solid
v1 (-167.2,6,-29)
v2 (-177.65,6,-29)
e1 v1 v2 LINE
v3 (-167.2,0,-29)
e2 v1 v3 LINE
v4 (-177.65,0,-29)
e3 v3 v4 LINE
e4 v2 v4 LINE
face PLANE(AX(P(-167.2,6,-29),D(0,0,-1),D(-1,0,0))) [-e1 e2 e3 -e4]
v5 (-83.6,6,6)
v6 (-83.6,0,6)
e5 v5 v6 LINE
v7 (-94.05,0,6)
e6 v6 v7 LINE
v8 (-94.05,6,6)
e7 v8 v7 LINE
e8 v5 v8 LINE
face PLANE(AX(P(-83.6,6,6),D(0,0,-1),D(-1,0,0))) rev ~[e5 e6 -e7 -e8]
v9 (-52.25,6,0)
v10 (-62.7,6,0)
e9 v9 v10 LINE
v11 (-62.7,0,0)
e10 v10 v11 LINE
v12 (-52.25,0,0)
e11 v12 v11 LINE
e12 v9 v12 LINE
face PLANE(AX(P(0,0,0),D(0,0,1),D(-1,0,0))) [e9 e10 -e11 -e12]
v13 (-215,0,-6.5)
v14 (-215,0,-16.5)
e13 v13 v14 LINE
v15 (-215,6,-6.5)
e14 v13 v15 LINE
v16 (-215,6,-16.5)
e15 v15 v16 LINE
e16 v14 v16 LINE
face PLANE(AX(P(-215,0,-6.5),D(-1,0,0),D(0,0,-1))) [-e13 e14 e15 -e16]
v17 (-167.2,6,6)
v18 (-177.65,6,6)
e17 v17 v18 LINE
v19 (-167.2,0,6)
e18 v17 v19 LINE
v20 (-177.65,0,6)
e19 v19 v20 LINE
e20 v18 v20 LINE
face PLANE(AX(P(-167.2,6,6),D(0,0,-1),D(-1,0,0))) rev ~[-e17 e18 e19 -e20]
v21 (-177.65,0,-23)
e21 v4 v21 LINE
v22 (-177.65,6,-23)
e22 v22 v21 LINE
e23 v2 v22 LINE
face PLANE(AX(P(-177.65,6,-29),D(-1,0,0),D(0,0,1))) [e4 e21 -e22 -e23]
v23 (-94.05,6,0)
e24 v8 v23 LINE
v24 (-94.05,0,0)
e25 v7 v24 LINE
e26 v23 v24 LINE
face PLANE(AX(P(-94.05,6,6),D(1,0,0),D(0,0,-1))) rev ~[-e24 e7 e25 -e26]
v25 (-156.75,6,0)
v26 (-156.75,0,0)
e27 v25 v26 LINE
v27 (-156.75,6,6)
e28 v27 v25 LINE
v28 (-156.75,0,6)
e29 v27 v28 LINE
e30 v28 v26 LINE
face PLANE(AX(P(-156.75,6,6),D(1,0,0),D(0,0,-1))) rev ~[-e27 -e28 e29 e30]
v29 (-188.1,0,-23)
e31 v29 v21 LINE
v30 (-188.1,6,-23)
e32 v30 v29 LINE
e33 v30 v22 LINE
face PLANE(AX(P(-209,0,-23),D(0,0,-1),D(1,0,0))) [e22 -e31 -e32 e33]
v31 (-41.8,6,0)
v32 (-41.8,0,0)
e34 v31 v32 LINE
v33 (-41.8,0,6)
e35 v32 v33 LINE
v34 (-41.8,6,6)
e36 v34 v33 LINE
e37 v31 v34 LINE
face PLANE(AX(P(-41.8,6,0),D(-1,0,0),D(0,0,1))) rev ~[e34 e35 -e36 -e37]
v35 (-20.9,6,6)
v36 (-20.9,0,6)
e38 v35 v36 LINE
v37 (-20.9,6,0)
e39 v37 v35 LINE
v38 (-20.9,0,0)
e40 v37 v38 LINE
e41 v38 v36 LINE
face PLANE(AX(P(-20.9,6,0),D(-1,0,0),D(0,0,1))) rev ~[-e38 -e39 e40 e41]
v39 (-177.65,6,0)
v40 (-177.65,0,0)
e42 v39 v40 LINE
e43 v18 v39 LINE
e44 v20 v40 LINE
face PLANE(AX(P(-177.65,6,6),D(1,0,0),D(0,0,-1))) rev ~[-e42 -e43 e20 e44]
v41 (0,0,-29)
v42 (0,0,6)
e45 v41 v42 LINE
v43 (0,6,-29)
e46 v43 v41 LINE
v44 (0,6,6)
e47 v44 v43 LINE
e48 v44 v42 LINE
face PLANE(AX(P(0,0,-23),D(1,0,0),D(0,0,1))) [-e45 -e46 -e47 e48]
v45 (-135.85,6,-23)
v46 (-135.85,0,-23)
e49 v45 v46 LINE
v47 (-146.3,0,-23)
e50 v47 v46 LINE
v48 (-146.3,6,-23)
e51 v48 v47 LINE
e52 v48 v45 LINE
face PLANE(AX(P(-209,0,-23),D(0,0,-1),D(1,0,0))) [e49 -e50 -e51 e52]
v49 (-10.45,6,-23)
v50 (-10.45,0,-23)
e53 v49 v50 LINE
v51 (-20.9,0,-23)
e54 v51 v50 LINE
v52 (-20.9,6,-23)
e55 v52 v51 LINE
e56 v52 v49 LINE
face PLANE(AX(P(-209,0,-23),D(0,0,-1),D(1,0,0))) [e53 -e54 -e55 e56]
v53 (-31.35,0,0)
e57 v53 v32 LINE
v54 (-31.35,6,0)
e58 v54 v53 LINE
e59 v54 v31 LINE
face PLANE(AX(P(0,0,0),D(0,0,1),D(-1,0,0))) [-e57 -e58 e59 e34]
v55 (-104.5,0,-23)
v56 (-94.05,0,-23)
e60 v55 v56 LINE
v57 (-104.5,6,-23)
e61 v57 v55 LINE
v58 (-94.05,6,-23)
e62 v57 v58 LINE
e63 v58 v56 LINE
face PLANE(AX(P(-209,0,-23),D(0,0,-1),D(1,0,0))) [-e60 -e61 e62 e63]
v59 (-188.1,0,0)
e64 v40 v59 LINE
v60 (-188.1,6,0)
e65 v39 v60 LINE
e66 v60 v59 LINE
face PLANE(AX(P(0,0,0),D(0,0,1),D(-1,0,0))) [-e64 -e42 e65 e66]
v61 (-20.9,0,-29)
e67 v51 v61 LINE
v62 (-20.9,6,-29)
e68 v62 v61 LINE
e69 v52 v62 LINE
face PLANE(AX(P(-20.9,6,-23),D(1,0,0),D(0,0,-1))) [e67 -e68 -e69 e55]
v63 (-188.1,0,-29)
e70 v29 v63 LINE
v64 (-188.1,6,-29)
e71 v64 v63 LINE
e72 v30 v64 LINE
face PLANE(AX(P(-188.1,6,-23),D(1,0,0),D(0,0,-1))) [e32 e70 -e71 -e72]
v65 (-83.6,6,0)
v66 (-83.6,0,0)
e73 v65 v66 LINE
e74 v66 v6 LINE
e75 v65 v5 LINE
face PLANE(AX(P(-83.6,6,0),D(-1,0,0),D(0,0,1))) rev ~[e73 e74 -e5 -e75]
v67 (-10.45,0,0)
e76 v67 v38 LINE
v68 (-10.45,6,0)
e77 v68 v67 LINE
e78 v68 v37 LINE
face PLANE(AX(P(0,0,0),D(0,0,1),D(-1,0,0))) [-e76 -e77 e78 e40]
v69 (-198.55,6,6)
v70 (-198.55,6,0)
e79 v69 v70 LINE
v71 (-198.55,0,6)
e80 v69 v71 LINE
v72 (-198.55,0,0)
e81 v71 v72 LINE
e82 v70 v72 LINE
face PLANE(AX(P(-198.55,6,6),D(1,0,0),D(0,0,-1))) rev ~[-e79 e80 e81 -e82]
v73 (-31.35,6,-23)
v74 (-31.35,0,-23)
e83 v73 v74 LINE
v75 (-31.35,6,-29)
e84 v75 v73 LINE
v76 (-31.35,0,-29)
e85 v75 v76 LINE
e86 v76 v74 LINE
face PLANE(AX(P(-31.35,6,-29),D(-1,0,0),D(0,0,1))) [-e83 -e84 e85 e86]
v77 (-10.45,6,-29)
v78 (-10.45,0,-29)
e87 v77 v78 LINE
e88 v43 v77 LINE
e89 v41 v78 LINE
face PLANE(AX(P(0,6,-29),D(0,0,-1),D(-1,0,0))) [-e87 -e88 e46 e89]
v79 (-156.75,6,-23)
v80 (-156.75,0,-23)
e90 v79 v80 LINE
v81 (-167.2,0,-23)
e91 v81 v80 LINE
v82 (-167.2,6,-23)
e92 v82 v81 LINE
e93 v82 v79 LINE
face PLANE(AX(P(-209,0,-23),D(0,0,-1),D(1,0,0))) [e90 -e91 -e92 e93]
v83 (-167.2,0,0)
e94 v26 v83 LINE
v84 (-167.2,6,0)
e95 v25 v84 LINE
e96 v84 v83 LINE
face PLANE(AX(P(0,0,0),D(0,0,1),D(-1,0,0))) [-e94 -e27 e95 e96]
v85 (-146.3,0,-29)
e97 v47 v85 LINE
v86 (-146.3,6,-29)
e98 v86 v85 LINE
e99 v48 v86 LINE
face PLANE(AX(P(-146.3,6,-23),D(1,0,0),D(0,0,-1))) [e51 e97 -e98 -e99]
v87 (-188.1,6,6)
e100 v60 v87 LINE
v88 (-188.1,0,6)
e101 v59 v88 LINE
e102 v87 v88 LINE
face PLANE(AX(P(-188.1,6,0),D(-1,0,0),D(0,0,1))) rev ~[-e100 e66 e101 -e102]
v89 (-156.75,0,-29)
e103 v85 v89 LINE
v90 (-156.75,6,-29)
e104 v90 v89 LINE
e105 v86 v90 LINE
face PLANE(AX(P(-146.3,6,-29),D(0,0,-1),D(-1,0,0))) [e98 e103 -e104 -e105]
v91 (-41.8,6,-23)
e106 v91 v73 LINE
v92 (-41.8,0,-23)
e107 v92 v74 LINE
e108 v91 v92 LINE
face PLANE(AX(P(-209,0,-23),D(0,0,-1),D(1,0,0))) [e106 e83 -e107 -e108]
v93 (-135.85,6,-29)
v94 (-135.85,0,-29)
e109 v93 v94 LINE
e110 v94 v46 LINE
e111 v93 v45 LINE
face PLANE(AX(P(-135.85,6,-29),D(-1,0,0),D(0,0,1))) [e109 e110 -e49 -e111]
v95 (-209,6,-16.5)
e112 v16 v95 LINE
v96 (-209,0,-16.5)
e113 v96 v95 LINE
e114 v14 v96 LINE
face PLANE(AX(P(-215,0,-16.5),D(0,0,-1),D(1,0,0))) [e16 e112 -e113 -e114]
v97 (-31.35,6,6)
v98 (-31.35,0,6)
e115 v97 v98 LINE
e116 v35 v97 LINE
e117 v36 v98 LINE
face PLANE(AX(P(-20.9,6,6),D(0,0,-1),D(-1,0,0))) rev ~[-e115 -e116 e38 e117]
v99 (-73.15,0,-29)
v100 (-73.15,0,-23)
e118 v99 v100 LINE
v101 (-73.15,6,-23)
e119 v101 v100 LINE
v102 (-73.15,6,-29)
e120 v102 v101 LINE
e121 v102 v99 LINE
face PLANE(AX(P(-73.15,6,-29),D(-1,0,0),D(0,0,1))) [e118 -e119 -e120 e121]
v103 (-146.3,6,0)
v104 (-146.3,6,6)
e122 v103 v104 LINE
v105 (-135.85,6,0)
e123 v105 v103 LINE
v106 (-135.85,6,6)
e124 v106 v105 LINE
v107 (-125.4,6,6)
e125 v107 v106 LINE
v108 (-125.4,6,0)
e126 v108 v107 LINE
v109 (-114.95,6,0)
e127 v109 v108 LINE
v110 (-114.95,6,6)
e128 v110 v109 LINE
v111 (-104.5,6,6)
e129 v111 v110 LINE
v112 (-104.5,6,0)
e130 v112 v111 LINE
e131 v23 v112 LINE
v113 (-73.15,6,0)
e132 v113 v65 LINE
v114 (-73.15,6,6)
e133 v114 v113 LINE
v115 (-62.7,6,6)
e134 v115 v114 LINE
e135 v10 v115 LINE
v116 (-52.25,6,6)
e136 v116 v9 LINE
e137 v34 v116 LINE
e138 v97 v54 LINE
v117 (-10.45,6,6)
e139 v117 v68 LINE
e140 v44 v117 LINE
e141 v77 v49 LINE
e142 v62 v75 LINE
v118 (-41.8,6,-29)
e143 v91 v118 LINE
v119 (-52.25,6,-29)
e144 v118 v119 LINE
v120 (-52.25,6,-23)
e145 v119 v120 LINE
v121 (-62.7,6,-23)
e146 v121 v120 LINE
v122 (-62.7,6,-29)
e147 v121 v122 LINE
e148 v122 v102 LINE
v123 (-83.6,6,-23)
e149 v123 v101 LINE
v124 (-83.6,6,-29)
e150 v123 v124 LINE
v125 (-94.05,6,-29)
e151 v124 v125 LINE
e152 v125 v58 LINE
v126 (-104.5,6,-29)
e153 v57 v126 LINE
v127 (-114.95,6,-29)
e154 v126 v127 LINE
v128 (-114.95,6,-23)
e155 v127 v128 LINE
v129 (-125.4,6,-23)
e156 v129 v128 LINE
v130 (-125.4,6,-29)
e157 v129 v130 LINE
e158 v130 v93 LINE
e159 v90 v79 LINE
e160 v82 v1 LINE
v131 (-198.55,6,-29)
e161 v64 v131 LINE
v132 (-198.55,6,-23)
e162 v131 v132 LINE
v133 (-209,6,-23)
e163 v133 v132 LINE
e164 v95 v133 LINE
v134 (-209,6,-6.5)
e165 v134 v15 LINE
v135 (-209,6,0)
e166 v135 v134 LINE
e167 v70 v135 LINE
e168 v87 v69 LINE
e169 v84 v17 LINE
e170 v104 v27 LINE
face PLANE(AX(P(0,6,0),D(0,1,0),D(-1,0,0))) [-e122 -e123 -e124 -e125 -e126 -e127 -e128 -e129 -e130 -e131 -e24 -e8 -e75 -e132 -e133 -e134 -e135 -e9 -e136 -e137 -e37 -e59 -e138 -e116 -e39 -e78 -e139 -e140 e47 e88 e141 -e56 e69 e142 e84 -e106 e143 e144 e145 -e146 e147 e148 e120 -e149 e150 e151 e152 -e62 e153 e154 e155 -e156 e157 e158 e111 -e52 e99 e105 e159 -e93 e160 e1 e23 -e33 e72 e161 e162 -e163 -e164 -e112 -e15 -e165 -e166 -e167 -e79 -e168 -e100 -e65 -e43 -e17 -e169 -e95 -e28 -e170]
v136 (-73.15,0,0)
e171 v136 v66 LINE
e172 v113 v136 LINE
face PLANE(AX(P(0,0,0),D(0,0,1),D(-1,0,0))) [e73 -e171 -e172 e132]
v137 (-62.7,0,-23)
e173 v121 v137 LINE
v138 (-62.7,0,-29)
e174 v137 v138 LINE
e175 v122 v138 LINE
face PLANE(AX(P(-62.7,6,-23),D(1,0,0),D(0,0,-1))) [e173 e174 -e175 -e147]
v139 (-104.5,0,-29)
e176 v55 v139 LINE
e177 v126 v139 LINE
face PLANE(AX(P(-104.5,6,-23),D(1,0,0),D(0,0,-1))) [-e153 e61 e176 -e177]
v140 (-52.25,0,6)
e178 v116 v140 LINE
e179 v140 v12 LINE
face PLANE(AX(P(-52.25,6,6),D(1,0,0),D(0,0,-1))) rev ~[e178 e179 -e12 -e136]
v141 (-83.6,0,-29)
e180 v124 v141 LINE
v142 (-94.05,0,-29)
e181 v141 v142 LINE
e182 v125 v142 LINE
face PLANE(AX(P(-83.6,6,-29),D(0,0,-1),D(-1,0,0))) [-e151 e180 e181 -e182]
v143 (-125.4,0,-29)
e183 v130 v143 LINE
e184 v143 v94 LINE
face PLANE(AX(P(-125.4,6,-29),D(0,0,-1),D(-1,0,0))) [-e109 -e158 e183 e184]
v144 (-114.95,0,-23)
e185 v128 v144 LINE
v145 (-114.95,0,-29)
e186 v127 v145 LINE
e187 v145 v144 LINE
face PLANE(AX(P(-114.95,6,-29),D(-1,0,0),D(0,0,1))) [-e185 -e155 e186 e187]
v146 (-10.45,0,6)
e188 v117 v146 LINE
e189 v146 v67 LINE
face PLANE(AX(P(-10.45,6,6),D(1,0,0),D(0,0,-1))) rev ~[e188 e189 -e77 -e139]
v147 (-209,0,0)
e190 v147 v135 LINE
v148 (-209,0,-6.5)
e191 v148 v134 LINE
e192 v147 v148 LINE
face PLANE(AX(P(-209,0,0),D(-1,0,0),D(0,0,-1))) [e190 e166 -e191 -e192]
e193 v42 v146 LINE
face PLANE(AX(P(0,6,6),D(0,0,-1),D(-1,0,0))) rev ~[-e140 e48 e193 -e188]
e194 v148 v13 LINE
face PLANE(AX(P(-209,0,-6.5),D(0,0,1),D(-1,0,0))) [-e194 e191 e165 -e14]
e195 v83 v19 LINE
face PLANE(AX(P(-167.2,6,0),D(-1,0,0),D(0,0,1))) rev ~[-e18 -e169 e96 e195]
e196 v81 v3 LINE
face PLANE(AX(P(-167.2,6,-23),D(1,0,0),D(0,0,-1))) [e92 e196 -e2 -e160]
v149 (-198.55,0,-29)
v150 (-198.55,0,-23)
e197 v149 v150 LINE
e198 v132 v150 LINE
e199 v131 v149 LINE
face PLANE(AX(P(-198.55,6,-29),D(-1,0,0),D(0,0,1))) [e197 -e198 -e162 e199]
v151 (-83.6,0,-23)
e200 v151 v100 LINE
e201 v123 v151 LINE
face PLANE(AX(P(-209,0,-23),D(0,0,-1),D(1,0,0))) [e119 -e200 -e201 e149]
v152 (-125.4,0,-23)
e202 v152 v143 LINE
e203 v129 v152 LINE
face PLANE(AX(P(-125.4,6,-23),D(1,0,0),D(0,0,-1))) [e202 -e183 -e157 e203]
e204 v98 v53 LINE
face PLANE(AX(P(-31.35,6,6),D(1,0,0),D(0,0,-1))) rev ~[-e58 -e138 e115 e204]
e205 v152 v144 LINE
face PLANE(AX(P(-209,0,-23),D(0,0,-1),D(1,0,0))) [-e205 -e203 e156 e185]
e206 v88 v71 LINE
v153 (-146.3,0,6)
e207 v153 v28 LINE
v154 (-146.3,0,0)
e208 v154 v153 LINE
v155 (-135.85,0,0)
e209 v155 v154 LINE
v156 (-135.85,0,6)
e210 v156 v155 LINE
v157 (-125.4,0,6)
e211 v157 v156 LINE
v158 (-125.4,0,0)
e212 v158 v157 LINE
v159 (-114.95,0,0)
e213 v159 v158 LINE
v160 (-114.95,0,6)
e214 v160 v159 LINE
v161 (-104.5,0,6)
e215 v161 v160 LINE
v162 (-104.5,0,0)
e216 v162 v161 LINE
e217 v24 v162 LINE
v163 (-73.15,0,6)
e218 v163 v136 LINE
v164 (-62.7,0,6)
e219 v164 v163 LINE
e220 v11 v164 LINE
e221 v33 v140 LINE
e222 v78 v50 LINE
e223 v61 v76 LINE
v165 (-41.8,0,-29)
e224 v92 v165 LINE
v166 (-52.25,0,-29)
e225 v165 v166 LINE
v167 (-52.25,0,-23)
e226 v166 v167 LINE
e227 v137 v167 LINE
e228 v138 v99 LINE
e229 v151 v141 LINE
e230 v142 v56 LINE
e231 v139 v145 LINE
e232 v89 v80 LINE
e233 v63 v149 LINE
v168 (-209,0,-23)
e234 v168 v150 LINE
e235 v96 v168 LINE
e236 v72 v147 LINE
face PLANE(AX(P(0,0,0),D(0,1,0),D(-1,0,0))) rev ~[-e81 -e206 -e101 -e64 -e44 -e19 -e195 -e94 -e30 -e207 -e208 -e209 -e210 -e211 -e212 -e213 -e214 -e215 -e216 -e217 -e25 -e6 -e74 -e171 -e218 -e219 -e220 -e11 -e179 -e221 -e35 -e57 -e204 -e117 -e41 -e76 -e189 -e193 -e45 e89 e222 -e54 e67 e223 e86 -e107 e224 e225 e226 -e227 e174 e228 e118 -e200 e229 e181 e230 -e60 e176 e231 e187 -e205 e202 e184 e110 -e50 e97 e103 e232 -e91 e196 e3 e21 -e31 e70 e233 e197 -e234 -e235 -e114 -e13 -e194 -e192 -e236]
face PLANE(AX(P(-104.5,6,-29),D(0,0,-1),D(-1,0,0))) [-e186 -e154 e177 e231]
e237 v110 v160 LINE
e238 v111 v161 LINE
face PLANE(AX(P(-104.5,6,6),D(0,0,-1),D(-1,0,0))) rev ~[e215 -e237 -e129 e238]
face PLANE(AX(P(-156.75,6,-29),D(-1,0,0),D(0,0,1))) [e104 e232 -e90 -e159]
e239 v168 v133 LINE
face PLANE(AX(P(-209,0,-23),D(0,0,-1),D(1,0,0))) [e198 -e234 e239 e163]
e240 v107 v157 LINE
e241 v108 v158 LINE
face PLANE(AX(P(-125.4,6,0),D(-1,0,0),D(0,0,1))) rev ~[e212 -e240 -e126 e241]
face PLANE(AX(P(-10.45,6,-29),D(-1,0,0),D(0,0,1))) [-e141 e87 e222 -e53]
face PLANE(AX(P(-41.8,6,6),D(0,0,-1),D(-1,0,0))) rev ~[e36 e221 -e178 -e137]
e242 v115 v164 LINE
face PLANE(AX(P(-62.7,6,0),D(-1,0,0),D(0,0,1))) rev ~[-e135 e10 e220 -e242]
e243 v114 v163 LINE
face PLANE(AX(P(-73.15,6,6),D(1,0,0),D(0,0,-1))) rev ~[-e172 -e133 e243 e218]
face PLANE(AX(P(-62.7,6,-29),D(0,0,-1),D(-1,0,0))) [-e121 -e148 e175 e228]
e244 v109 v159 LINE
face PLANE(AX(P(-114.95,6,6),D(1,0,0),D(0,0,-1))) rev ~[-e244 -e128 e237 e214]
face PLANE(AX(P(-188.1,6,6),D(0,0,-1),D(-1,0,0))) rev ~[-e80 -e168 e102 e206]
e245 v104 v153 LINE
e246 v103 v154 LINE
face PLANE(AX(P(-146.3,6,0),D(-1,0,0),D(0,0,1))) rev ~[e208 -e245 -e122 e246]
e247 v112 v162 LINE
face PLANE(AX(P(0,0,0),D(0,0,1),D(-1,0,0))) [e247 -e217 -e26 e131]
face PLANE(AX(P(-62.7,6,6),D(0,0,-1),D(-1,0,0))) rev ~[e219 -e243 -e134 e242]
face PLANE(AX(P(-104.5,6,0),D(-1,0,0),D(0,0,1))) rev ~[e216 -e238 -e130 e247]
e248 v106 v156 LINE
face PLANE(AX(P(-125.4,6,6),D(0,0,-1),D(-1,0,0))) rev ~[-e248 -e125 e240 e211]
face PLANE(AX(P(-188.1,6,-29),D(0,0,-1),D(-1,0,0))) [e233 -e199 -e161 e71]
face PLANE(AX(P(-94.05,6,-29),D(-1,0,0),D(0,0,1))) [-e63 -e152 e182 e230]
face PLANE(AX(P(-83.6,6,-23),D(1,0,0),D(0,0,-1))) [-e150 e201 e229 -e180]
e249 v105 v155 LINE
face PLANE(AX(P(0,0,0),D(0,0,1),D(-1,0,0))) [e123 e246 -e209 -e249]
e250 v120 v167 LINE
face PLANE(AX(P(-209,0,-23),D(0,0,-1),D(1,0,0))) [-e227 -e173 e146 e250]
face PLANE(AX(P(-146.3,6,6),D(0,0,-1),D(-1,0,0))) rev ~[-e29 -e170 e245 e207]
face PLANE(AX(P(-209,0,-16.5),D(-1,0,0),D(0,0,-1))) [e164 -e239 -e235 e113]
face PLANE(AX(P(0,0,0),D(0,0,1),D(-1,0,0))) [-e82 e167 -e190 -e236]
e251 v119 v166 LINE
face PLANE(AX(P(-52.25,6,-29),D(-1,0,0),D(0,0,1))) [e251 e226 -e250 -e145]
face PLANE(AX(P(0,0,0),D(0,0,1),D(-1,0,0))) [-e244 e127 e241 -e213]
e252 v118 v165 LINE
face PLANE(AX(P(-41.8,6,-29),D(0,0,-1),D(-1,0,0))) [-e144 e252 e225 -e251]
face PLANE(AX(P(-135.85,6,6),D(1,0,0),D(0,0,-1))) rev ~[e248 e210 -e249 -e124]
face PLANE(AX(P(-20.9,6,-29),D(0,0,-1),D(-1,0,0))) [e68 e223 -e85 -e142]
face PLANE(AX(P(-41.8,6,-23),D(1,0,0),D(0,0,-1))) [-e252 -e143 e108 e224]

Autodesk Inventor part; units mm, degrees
ref_plane "YZ Plane" through (0, 0, 0) normal (1, 0, 0) x (0, 1, 0)
ref_plane "XZ Plane" through (0, 0, 0) normal (0, 1, 0) x (-1, 0, 0)
ref_plane "XY Plane" through (0, 0, 0) normal (0, 0, 1) x (1, 0, 0)
sketch "Sketch1" plane through (0, 0, 0) normal (0, 1, 0) x (-1, 0, 0)
  line L0 (0, 0) -> (209, 0)
  line L1 (209, -23) -> (0, -23)
  line L2 (0, -23) -> (0, 0)
  line L3 (209, -6.5) -> (215, -6.5)
  line L4 (215, -6.5) -> (215, -16.5)
  line L5 (215, -16.5) -> (209, -16.5)
  line L6 (209, 0) -> (209, -6.5)
  line L7 (209, -16.5) -> (209, -23)
  dimension "d0" = 209
  dimension "d1" = 23
  dimension "d3" = 6
  dimension "d4" = 10
extrude "Extrusion1" add sketch "Sketch1" along normal blind 6
sketch "Sketch2" plane through (0, 6, 0) normal (0, 1, 0) x (1, 0, 0)
  line L0 (-209, 0) -> (0, 0) projected
  line L1 (-209, 0) -> (-198.55, 0)
  line L2 (-198.55, 0) -> (-188.1, 0)
  line L3 (-188.1, 0) -> (-188.1, -6)
  line L4 (-188.1, -6) -> (-198.55, -6)
  line L5 (-198.55, -6) -> (-198.55, 0)
  line L6 (-209, 23) -> (-209, 16.5) projected
  line L7 (0, 23) -> (-209, 23) projected
  line L8 (-198.55, 23) -> (-188.1, 23)
  line L9 (-188.1, 23) -> (-188.1, 29)
  line L10 (-188.1, 29) -> (-198.55, 29)
  line L11 (-198.55, 29) -> (-198.55, 23)
  dimension "d7" = 10.45
  dimension "d8" = 10.45
  dimension "d9" = 6
  dimension "d10" = 10.45
  dimension "d11" = 10.45
  dimension "d12" = 6
extrude "Extrusion2" add sketch "Sketch2" against normal blind 6
pattern_linear "Rectangular Pattern1" count 10 spacing 20.9 along (1, 0, 0) of "Extrusion2"
properties part number "g_arm 4"
